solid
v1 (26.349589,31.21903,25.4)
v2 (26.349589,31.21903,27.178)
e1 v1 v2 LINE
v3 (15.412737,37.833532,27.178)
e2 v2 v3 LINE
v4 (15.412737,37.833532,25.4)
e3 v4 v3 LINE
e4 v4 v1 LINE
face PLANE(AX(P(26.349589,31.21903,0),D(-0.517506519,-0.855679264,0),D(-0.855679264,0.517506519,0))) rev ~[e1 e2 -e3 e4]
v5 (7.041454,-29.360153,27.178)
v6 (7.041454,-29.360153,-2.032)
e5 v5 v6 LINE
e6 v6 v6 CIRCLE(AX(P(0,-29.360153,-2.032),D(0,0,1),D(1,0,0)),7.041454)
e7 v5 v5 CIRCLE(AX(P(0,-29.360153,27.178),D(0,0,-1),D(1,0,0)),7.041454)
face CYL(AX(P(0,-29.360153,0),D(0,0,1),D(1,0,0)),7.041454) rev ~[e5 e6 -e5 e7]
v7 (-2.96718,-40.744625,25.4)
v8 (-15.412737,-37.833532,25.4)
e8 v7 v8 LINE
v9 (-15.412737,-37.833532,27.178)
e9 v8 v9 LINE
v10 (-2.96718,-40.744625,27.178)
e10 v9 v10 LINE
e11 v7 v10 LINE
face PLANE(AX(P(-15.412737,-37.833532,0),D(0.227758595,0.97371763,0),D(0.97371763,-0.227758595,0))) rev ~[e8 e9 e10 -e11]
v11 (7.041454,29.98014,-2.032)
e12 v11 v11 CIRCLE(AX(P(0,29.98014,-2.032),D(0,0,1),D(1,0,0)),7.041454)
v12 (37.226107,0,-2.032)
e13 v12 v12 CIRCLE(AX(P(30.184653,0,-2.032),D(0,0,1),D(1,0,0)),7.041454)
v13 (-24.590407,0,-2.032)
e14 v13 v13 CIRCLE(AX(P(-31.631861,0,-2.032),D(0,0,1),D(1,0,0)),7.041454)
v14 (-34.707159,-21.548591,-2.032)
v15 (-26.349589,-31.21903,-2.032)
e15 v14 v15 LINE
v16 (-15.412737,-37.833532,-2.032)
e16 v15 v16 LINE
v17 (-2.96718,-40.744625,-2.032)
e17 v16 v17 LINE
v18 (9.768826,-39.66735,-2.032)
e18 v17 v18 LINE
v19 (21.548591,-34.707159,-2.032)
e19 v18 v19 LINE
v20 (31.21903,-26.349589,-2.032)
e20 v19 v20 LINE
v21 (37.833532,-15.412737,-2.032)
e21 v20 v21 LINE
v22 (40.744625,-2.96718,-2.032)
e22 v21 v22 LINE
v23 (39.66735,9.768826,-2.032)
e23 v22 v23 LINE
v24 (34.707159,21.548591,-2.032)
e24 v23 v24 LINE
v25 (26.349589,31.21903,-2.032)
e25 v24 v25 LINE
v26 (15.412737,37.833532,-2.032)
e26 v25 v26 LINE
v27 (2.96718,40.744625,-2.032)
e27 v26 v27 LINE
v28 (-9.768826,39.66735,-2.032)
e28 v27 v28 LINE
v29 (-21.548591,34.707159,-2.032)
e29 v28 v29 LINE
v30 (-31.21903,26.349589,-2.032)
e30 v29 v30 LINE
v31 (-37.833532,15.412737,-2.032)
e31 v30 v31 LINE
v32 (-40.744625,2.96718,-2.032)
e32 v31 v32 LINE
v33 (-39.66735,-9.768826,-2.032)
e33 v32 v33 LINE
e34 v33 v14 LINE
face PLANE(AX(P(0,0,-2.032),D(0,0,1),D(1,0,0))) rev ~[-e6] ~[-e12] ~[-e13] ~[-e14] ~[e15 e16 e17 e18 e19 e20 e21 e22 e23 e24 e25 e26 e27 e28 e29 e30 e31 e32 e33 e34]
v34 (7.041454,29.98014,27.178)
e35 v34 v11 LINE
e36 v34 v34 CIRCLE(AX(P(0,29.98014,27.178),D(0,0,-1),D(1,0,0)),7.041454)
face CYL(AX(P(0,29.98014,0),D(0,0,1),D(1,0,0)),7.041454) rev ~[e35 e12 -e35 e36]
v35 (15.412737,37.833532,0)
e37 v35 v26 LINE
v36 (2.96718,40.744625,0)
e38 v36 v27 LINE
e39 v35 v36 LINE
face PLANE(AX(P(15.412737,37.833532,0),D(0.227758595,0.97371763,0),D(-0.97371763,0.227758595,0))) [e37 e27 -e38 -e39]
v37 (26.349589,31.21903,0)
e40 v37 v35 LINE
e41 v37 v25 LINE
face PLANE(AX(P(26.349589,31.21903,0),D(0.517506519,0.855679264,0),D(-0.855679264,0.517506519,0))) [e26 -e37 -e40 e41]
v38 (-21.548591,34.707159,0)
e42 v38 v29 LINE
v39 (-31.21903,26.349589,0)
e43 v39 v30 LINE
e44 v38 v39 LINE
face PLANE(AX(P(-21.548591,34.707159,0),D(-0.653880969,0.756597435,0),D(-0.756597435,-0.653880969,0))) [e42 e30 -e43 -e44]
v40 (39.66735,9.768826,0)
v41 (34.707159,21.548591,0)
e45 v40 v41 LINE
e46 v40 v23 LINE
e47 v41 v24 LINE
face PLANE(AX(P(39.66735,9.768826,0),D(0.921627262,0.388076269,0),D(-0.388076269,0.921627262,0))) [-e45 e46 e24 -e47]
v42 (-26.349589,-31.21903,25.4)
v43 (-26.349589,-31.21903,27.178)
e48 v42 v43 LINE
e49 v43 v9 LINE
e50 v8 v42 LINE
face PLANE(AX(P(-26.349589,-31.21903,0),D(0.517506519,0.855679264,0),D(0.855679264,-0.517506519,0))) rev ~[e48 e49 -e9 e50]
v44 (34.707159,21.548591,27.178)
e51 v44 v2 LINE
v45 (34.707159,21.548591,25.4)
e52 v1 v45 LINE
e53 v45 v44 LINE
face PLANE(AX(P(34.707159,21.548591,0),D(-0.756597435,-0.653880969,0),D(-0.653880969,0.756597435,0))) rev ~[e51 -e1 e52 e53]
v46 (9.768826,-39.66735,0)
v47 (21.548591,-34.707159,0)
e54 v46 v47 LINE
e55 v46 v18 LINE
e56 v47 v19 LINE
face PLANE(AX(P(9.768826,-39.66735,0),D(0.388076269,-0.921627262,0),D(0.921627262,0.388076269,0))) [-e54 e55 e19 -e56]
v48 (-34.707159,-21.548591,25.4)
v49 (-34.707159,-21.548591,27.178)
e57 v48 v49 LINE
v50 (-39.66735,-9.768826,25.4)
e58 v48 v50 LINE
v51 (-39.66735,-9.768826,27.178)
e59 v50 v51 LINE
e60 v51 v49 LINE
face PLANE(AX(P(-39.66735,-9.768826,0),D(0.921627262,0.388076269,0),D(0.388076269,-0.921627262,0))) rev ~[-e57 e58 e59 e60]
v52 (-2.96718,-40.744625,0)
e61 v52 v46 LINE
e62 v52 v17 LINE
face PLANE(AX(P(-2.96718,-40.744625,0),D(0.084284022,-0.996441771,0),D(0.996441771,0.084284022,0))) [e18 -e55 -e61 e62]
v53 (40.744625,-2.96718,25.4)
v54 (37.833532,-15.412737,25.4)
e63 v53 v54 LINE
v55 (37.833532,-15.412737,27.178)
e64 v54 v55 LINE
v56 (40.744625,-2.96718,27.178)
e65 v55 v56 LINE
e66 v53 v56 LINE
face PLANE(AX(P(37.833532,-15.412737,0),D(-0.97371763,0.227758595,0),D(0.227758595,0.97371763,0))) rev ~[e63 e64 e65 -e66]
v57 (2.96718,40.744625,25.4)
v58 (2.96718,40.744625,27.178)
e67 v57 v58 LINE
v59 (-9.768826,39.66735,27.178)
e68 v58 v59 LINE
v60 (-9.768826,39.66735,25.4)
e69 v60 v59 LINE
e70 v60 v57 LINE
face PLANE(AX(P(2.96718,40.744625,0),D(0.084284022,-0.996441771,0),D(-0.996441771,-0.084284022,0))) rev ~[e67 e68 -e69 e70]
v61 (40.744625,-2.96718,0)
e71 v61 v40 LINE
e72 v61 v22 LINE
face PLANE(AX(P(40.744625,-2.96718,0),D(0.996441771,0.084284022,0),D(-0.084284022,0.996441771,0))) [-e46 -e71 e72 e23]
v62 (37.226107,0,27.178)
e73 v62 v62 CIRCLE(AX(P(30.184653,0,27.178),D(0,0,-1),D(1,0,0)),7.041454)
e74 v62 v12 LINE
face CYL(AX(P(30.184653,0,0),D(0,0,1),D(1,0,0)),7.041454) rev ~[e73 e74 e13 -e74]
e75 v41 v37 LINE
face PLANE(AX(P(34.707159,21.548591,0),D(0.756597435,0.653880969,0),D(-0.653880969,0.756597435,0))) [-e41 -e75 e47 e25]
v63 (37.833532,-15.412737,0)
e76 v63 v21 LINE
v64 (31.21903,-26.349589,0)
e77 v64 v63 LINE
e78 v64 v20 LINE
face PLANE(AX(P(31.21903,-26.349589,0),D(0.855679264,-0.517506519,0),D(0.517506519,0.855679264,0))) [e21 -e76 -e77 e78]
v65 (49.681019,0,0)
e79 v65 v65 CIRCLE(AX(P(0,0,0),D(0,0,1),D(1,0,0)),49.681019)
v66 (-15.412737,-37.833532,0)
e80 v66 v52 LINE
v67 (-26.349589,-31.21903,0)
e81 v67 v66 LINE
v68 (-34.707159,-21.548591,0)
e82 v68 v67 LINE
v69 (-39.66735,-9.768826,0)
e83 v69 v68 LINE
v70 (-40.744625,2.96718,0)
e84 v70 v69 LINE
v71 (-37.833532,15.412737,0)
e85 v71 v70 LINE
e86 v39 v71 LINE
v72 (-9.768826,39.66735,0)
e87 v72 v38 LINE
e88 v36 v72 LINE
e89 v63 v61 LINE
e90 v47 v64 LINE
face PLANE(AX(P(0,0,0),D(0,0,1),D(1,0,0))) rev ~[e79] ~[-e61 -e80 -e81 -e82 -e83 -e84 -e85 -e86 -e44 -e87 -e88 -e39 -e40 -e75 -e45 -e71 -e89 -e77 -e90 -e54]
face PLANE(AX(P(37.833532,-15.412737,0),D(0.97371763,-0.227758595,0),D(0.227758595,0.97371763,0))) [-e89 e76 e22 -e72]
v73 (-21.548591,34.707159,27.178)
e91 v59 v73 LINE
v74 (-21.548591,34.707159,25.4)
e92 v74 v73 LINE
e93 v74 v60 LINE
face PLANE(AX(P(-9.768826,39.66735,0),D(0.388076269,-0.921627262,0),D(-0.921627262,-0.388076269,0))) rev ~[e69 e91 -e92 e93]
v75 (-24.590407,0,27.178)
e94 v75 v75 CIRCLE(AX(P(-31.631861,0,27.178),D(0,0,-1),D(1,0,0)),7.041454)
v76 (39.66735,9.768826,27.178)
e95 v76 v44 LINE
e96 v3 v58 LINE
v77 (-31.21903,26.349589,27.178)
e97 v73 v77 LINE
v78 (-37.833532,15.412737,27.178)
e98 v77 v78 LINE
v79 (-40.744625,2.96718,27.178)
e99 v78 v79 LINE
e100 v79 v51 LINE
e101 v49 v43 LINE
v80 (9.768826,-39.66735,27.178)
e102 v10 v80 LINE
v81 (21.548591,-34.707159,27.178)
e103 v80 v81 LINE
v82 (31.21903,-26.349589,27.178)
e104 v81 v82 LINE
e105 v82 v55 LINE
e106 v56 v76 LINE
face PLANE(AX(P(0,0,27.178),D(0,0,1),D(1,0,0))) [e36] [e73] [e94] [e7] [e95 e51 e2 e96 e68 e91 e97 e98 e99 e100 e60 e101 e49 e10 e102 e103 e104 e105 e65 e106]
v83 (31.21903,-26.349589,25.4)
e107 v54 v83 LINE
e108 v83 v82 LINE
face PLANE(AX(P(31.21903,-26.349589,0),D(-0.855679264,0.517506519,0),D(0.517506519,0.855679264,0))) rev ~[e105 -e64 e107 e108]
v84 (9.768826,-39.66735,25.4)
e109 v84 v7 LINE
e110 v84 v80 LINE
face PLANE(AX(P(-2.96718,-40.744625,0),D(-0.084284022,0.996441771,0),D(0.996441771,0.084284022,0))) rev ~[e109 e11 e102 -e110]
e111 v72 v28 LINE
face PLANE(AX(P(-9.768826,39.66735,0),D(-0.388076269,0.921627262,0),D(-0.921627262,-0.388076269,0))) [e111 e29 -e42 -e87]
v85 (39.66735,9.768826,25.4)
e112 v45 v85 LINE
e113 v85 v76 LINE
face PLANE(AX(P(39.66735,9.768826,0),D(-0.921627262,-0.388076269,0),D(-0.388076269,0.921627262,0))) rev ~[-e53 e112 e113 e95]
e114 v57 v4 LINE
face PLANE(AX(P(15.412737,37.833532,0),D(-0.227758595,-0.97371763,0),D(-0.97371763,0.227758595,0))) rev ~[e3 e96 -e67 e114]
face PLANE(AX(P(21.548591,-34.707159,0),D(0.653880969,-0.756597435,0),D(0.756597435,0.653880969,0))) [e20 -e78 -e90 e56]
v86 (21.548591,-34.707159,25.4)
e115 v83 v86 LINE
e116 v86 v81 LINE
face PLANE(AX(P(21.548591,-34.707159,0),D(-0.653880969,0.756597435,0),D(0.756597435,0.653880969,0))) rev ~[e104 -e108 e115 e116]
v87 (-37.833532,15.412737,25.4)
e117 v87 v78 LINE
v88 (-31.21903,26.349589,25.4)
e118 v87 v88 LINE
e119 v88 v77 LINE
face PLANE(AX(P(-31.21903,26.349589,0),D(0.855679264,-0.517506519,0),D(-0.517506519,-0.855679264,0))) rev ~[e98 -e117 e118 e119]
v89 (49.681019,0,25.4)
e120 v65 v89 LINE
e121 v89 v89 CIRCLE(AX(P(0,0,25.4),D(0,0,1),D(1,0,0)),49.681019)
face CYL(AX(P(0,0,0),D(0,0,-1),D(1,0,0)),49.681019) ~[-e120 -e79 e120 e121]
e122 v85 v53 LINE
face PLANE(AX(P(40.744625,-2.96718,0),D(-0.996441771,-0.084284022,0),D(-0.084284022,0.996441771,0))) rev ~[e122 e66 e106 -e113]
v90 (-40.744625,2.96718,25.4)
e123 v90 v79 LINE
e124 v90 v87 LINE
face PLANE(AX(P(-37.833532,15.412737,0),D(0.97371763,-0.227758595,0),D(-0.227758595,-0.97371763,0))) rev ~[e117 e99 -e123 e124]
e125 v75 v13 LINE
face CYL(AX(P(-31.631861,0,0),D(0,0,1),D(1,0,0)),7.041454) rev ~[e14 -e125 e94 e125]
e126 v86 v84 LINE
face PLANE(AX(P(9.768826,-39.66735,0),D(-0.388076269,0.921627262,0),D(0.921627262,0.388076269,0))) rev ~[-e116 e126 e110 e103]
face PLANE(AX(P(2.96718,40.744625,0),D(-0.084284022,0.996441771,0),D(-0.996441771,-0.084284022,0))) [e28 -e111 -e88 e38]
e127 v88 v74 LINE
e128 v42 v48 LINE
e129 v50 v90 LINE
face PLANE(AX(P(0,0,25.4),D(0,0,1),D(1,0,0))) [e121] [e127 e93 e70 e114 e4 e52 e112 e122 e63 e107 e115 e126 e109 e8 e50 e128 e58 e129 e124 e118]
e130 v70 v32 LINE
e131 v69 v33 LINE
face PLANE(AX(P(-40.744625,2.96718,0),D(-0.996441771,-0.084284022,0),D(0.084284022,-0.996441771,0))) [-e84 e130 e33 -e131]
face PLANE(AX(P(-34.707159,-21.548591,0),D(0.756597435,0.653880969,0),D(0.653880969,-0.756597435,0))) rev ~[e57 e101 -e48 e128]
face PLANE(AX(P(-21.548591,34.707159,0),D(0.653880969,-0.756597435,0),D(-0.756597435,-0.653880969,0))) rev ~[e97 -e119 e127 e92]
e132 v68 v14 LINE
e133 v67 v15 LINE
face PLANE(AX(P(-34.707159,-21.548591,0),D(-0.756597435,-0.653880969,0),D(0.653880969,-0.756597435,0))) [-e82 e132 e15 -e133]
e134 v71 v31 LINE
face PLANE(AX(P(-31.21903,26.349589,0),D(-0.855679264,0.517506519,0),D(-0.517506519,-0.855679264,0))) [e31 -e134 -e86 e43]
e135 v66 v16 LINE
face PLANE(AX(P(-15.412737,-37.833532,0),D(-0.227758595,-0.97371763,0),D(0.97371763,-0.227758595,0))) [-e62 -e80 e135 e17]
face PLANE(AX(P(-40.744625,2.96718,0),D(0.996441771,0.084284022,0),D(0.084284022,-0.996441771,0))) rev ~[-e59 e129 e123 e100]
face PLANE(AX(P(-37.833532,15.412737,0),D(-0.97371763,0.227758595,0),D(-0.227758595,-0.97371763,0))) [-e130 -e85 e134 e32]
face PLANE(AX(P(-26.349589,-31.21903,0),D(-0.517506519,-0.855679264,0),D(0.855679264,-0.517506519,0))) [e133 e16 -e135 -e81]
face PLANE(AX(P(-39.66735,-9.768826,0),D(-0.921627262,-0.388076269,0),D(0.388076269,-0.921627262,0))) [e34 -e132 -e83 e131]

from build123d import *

# Parameters (mm, degrees)
F1_R          = 49.681019
F3_DEPTH      = 25.4
F4_DEPTH      = 27.178
F4_DEPTH_BACK = 2.032
F0_R          = 7.041454
F5_DEPTH      = 75.184
F5_DEPTH_BACK = 119.126


with BuildPart() as f3:
    # F1 (on Top) → F3 (new body)
    with BuildSketch(Plane.XY):
        Circle(F1_R)
    extrude(amount=F3_DEPTH)

    # F2 (on Top) → F4 (join, two sides)
    with BuildSketch(Plane.XY) as f4_sk:
        Polygon((-31.21903, 26.349589), (-37.833532, 15.412737), (-40.744625, 2.96718), (-39.66735, -9.768826), (-34.707159, -21.548591), (-26.349589, -31.21903), (-15.412737, -37.833532), (-2.96718, -40.744625), (9.768826, -39.66735), (21.548591, -34.707159), (31.21903, -26.349589), (37.833532, -15.412737), (40.744625, -2.96718), (39.66735, 9.768826), (34.707159, 21.548591), (26.349589, 31.21903), (15.412737, 37.833532), (2.96718, 40.744625), (-9.768826, 39.66735), (-21.548591, 34.707159), align=None)
    extrude(amount=F4_DEPTH)
    extrude(f4_sk.sketch, amount=-F4_DEPTH_BACK)

    # F0 (on Top) → F5 (cut, two sides)
    with BuildSketch(Plane.XY) as f5_sk:
        with Locations((0, 29.98014)):
            Circle(F0_R)
        with Locations((30.184653, 0)):
            Circle(F0_R)
        with Locations((0, -29.360153)):
            Circle(F0_R)
        with Locations((-31.631861, 0)):
            Circle(F0_R)
    extrude(amount=F5_DEPTH, mode=Mode.SUBTRACT)
    extrude(f5_sk.sketch, amount=-F5_DEPTH_BACK, mode=Mode.SUBTRACT)


solid = f3.part
